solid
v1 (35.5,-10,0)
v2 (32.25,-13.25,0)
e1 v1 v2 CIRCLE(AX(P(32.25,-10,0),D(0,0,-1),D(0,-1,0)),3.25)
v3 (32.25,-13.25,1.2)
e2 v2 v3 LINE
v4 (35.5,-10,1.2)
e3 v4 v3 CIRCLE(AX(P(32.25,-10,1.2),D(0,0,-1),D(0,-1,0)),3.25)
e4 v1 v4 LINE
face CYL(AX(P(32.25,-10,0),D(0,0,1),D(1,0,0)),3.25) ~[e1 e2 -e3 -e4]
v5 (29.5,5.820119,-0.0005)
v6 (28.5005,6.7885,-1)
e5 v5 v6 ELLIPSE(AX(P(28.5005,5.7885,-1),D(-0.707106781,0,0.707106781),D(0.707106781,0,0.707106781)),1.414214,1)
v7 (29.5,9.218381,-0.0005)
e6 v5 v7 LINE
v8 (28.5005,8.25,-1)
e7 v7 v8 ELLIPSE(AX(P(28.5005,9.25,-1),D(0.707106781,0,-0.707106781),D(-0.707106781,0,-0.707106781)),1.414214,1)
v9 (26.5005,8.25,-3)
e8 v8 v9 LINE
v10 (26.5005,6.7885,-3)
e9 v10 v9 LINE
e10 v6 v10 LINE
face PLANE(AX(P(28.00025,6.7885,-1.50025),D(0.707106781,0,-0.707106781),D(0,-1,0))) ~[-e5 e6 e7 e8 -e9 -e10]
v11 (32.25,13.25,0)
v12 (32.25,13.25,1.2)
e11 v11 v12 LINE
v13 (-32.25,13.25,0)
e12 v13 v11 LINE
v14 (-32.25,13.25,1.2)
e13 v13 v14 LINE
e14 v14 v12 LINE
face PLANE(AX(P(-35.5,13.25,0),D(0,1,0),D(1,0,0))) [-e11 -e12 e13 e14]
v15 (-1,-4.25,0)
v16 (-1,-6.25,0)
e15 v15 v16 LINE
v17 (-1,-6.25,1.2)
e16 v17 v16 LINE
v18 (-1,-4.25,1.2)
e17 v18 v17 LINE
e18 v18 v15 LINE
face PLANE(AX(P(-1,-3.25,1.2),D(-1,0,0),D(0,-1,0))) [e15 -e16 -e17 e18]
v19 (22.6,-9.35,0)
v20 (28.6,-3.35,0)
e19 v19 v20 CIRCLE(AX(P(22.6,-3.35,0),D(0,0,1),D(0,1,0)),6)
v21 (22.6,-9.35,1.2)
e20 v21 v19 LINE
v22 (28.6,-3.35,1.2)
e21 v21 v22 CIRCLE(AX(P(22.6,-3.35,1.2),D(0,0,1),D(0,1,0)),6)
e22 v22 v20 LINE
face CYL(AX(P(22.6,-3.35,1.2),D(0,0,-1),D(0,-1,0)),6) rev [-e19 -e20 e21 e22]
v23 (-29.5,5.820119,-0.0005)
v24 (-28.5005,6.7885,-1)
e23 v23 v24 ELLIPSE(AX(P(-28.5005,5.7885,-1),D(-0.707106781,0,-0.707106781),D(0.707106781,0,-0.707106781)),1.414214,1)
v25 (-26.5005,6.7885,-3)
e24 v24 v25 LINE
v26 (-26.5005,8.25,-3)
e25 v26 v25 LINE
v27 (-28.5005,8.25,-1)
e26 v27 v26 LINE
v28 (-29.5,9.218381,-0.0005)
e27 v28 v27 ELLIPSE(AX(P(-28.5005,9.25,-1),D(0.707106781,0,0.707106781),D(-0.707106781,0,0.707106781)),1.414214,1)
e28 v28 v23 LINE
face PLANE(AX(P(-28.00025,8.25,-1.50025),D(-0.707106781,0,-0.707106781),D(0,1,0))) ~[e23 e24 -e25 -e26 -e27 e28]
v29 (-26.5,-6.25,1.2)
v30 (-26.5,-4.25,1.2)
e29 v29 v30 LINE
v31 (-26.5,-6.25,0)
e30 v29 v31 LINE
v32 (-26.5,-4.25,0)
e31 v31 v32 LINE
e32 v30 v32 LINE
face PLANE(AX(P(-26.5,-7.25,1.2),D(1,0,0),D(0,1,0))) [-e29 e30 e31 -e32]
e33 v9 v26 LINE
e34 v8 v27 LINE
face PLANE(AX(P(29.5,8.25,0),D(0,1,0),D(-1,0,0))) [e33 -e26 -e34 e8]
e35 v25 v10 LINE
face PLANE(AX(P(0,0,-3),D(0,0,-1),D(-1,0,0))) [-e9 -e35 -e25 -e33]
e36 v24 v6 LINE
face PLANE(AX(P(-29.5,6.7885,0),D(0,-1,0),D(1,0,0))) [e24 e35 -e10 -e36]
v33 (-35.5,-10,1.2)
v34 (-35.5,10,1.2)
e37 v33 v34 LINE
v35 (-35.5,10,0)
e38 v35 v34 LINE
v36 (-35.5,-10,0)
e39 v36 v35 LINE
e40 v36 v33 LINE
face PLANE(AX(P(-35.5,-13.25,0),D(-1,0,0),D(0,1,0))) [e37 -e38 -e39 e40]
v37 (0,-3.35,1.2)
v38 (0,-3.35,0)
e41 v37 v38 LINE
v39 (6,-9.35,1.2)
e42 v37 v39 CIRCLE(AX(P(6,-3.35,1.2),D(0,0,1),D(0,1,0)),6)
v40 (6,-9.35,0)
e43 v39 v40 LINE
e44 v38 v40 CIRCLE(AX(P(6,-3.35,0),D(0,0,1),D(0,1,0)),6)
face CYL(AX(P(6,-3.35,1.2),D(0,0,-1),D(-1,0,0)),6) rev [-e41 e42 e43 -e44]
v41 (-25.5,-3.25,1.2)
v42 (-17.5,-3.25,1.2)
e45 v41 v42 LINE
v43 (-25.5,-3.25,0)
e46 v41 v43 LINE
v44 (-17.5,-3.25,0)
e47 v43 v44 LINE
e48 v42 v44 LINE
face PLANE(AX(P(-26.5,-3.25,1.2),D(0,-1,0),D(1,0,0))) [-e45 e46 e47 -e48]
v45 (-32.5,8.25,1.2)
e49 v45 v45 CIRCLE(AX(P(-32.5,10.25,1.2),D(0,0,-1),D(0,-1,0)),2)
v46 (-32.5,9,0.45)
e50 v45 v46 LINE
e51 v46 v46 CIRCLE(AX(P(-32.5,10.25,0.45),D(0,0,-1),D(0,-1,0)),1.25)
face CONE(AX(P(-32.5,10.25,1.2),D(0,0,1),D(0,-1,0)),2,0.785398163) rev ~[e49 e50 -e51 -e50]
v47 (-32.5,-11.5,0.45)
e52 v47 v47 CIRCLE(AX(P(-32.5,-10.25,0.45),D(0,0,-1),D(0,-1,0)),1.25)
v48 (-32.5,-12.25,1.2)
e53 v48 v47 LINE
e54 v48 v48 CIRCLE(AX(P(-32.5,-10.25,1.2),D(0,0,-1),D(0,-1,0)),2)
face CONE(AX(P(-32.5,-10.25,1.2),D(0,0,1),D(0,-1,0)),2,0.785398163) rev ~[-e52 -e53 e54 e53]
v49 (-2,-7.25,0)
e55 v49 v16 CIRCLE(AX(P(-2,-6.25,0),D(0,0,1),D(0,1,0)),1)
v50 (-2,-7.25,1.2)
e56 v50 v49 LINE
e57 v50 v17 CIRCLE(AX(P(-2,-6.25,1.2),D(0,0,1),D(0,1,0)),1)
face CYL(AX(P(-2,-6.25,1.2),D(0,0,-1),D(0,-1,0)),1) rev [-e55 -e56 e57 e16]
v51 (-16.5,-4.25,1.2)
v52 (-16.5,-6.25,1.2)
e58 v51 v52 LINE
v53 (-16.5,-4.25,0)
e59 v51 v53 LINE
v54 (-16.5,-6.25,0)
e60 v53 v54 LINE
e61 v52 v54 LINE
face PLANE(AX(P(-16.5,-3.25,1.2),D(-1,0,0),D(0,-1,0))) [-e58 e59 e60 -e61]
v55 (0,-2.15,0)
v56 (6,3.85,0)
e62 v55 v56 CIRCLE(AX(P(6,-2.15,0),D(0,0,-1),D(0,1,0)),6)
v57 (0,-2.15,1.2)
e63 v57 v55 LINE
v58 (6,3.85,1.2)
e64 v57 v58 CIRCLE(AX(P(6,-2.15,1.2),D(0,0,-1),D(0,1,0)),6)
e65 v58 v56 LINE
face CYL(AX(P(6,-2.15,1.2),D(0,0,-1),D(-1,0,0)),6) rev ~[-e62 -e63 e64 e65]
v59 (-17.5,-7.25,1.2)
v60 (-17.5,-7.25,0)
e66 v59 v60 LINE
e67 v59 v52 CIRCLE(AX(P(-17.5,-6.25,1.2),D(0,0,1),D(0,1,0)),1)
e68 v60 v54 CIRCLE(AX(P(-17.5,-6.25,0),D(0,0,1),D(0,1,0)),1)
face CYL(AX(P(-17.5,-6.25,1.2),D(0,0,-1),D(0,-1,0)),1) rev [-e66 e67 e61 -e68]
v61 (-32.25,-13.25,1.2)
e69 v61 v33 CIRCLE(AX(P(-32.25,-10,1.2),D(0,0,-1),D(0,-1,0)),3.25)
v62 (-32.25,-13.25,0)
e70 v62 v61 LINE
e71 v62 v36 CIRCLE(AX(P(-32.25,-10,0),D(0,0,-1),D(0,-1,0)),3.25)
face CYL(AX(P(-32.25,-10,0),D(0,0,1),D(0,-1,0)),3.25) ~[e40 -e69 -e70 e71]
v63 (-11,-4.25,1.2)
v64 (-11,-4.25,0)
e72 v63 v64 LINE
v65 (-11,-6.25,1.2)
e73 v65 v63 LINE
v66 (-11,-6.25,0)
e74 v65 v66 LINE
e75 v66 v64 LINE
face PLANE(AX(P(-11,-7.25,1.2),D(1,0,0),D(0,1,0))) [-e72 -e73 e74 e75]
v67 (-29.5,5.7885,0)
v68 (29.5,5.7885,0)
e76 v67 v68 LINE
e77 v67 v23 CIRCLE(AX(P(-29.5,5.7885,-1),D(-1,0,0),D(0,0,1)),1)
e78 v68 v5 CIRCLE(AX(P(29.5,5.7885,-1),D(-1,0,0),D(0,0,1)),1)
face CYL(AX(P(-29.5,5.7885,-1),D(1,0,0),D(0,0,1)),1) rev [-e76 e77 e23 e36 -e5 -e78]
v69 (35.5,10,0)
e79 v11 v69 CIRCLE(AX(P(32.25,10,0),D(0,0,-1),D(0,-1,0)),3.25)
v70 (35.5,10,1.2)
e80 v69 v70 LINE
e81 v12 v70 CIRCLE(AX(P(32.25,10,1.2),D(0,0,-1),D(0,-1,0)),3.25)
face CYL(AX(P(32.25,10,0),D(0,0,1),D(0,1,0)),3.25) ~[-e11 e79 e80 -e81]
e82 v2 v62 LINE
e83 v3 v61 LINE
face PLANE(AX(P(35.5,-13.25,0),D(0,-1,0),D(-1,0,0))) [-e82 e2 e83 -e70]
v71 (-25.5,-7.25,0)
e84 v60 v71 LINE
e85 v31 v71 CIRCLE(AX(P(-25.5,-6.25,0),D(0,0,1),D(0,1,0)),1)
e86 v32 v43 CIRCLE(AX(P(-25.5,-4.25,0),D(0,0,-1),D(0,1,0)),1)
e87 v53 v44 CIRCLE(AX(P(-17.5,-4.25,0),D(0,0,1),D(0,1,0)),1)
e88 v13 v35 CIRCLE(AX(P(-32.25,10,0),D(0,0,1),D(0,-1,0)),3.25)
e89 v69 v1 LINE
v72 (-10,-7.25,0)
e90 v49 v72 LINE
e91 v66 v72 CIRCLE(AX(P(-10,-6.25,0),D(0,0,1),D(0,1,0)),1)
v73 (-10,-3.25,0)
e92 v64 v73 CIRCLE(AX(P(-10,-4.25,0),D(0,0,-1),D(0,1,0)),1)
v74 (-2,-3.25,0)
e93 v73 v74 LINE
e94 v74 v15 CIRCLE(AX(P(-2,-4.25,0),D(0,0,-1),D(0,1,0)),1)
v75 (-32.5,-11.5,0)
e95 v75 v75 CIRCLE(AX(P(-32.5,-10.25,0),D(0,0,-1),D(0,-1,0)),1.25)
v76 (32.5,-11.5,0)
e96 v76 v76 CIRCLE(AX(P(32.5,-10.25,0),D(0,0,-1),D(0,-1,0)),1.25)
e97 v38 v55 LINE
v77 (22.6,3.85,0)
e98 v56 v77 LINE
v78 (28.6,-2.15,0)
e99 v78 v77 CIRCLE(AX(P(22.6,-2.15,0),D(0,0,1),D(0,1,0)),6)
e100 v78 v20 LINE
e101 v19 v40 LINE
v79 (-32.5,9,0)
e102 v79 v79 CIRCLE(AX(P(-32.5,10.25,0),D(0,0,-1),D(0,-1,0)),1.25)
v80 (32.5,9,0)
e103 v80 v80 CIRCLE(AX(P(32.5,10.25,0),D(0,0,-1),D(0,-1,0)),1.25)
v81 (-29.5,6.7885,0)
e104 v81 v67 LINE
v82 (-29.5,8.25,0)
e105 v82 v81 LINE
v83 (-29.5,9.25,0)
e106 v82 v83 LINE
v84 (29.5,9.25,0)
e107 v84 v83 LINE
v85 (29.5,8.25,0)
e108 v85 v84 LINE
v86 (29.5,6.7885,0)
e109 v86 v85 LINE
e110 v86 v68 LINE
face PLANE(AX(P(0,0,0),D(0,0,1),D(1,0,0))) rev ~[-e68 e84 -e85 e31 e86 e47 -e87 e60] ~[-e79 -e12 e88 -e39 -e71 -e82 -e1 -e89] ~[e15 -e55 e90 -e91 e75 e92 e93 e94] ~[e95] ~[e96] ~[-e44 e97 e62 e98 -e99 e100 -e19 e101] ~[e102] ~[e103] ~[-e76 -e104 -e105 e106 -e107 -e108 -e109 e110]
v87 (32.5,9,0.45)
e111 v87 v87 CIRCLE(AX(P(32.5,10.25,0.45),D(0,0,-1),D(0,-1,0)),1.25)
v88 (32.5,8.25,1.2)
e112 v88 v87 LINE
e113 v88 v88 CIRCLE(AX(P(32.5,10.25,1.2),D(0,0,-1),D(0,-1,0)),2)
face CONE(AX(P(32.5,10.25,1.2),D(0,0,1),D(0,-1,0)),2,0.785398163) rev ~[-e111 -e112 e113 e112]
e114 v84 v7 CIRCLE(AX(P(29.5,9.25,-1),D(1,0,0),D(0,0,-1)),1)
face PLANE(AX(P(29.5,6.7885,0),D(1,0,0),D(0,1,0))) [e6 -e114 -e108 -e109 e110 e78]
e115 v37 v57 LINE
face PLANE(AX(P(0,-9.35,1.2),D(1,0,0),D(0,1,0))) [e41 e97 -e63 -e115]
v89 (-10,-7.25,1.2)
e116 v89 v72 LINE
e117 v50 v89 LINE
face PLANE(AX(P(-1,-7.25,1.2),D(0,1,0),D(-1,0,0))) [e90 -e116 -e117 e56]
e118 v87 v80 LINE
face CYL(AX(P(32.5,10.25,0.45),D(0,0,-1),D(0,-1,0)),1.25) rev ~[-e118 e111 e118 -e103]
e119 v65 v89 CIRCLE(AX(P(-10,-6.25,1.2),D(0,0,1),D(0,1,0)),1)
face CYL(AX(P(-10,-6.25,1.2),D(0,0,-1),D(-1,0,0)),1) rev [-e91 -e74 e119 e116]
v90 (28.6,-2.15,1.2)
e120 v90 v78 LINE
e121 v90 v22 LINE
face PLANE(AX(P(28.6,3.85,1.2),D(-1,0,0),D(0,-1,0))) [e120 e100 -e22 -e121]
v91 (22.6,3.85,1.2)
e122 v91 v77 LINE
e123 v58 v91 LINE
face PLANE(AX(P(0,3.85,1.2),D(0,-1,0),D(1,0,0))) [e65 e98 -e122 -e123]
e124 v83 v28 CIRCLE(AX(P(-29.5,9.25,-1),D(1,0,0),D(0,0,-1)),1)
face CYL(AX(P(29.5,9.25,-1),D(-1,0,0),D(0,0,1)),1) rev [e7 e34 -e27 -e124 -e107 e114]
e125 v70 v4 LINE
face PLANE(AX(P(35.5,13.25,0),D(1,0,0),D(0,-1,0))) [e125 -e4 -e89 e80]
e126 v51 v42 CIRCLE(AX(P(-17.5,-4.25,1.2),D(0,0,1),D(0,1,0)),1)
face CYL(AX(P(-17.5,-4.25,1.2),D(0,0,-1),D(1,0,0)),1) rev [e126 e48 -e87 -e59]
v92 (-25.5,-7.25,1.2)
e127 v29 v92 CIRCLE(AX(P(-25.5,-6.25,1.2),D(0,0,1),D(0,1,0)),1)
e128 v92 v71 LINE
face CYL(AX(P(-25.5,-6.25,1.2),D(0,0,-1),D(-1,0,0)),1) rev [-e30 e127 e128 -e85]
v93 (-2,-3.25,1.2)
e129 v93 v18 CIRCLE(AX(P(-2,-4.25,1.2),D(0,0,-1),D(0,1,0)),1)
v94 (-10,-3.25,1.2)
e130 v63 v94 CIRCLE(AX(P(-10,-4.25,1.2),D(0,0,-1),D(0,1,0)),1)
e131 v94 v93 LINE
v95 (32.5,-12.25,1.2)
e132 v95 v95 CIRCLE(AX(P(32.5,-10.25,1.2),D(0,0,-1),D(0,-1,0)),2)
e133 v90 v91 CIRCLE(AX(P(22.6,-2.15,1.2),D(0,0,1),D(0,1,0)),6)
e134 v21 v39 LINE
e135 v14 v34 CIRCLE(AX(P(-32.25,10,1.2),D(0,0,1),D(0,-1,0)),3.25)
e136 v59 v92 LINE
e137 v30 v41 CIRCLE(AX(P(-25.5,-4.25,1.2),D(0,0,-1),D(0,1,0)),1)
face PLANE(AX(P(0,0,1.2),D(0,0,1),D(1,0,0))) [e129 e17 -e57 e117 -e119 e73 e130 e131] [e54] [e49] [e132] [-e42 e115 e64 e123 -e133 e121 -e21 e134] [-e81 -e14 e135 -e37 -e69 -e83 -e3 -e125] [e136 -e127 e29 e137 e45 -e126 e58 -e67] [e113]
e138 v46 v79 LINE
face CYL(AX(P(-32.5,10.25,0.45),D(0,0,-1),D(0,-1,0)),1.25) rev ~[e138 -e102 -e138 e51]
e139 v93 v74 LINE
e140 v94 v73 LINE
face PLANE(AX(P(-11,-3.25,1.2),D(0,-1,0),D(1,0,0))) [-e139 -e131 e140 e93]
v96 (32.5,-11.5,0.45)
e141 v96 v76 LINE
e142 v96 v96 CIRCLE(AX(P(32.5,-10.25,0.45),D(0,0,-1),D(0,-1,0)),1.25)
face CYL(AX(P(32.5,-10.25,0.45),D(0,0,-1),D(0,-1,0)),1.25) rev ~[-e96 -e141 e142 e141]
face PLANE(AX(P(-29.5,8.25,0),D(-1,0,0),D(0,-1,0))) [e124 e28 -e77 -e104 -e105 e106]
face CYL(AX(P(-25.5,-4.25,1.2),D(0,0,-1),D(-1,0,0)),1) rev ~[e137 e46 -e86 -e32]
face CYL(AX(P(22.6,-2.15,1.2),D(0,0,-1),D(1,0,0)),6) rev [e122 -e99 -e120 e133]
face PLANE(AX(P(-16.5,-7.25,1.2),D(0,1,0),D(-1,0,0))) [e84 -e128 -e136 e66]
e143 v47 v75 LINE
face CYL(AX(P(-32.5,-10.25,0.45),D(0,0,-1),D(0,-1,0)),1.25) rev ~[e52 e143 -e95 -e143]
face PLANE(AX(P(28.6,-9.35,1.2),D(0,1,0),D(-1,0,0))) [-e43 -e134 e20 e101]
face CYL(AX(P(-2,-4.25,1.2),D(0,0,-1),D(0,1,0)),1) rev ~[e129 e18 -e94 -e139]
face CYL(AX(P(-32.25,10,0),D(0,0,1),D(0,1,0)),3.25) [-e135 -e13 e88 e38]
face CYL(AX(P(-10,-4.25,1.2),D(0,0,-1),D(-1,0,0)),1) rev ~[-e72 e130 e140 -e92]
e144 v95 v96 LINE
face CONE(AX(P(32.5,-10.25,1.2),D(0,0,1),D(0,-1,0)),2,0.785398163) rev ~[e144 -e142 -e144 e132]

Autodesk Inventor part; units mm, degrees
ref_plane "YZ Plane" through (0, 0, 0) normal (1, 0, 0) x (0, 1, 0)
ref_plane "XZ Plane" through (0, 0, 0) normal (0, 1, 0) x (-1, 0, 0)
ref_plane "XY Plane" through (0, 0, 0) normal (0, 0, 1) x (1, 0, 0)
sketch "Sketch1" plane through (0, 0, 0) normal (0, 0, 1) x (1, 0, 0)
  line L0 (-35.5, 13.25) -> (35.5, 13.25)
  line L1 (35.5, 13.25) -> (35.5, -13.25)
  line L2 (35.5, -13.25) -> (-35.5, -13.25)
  line L3 (-35.5, -13.25) -> (-35.5, 13.25)
  point P0 (0, 0)
  dimension "d0" = 26.5
  dimension "d1" = 71
  dimension "d2" = 35.5
  dimension "d3" = 13.25
extrude "Extrusion1" add sketch "Sketch1" along normal blind 1.2
fillet "Fillet1" radius 3.25 4 edges at (-35.5, 13.25, 0.6) (-35.5, -13.25, 0.6) (35.5, -13.25, 0.6) (35.5, 13.25, 0.6)
sketch "Sketch2" plane through (0, 0, 1.2) normal (0, 0, 1) x (1, 0, 0)
  line L0 (32.25, 13.25) -> (-32.25, 13.25) projected
  line L1 (-35.5, 10) -> (-35.5, -10) projected
  line L2 (-32.25, -13.25) -> (32.25, -13.25) projected
  line L3 (35.5, -10) -> (35.5, 10) projected
  point P0 (0, 0)
  point P1 (-32.5, 10.25)
  point P2 (32.5, 10.25)
  point P3 (32.5, -10.25)
  point P4 (-32.5, -10.25)
  dimension "d7" = 3
  dimension "d8" = 3
  dimension "d9" = 3
  dimension "d10" = 3
  dimension "d11" = 3
  dimension "d12" = 3
  dimension "d13" = 3
  dimension "d14" = 3
hole "Hole1" at (-32.5, 10.25, 1.2) at (32.5, 10.25, 1.2) at (32.5, -10.25, 1.2) at (-32.5, -10.25, 1.2) direction (0, 0, -1) diameter 2.5 depth 4 tip angle 118 countersink diameter 4 countersink angle 90
sketch "Sketch4" plane through (0, 0, 1.2) normal (0, 0, 1) x (1, 0, 0)
  line L0 (-11, -3.25) -> (-1, -3.25)
  line L1 (-1, -3.25) -> (-1, -7.25)
  line L2 (-1, -7.25) -> (-11, -7.25)
  line L3 (-11, -7.25) -> (-11, -3.25)
  line L4 (-35.5, 10) -> (-35.5, -10) projected
  line L5 (-32.25, -13.25) -> (32.25, -13.25) projected
  point P0 (0, 0)
  dimension "d28" = 24.5
  dimension "d29" = 34.5
  dimension "d30" = 6
  dimension "d31" = 10
extrude "Extrusion3" cut sketch "Sketch4" against normal blind 2
sketch "Sketch5" plane through (0, 0, 1.2) normal (0, 0, 1) x (1, 0, 0)
  line L0 (6.5, 1.75) -> (24.5, 1.75)
  line L1 (24.5, 1.75) -> (24.5, -5.25)
  line L2 (24.5, -5.25) -> (6.5, -5.25)
  line L3 (6.5, -5.25) -> (6.5, 1.75)
  line L4 (35.5, -10) -> (35.5, 10) projected
  line L5 (-32.25, -13.25) -> (32.25, -13.25) projected
  point P0 (0, 0)
  dimension "d34" = 11
  dimension "d35" = 29
  dimension "d36" = 15
  dimension "d37" = 8
extrude "Extrusion4" cut sketch "Sketch5" against normal blind 2
chamfer "Chamfer1" distance 2 angle 45 2 edges at (6.5, -5.25, 0.6) (24.5, -5.25, 0.6)
fillet "Fillet2" radius 1 4 edges at (-11, -3.25, 0.6) (-11, -7.25, 0.6) (-1, -7.25, 0.6) (-1, -3.25, 0.6)
sketch "Sketch7" plane through (0, 0, 1.2) normal (0, 0, 1) x (1, 0, 0)
  line L0 (0, 3.85) -> (28.6, 3.85)
  line L1 (28.6, 3.85) -> (28.6, -9.35)
  line L2 (28.6, -9.35) -> (0, -9.35)
  line L3 (0, -9.35) -> (0, 3.85)
  line L4 (-32.25, -13.25) -> (32.25, -13.25) projected
  line L5 (35.5, -10) -> (35.5, 10) projected
  point P0 (0, 0)
  dimension "d56" = 3.9
  dimension "d57" = 6.9
  dimension "d58" = 17.1
  dimension "d59" = 35.5
extrude "Extrusion6" cut sketch "Sketch7" against normal blind 2
fillet "Fillet3" radius 6 4 edges at (0, 3.85, 0.6) (0, -9.35, 0.6) (28.6, 3.85, 0.6) (28.6, -9.35, 0.6)
sketch "Sketch8" plane through (0, 0, 1.2) normal (0, 0, 1) x (1, 0, 0)
  line L0 (-26.5, -3.25) -> (-16.5, -3.25)
  line L1 (-16.5, -3.25) -> (-16.5, -7.25)
  line L2 (-16.5, -7.25) -> (-26.5, -7.25)
  line L3 (-26.5, -7.25) -> (-26.5, -3.25)
  line L4 (-35.5, 10) -> (-35.5, -10) projected
  line L5 (-10, -3.25) -> (-2, -3.25) projected
  line L6 (-2, -7.25) -> (-10, -7.25) projected
  point P0 (0, 0)
  dimension "d63" = 9
  dimension "d64" = 19
extrude "Extrusion7" cut sketch "Sketch8" against normal blind 2
fillet "Fillet4" radius 1 4 edges at (-26.5, -3.25, 0.6) (-26.5, -7.25, 0.6) (-16.5, -7.25, 0.6) (-16.5, -3.25, 0.6)
sketch "Sketch9" plane through (0, 0, 1.2) normal (0, 0, 1) x (1, 0, 0)
  line L0 (-1, -4.25) -> (-1, -6.25) projected
  line L1 (-11, -6.25) -> (-11, -4.25) projected
  line L2 (-26.5, -6.25) -> (-26.5, -4.25) projected
  line L3 (-16.5, -4.25) -> (-16.5, -6.25) projected
  line L4 (-35.5, 10) -> (-35.5, -10) projected
  point P0 (0, 0)
  dimension "d68" = 10
  dimension "d69" = 10
  dimension "d70" = 24.5
  dimension "d71" = 34.5
sketch "Sketch10" plane through (0, 0, 0) normal (0, 0, -1) x (-1, 0, 0)
  line L0 (-29.5, 8.25) -> (29.5, 8.25)
  line L1 (29.5, 8.25) -> (29.5, 6.7885)
  line L2 (29.5, 6.7885) -> (-29.5, 6.7885)
  line L3 (-29.5, 6.7885) -> (-29.5, 8.25)
  line L4 (-35.5, -10) -> (-35.5, 10) projected
  line L5 (35.5, 10) -> (35.5, -10) projected
  line L6 (-32.25, 13.25) -> (32.25, 13.25) projected
  point P0 (0, 0)
  dimension "d72" = 1.4615
  dimension "d73" = 6
  dimension "d74" = 6
  dimension "d75" = 5
extrude "Extrusion8" add sketch "Sketch10" along normal blind 3
fillet "Fillet5" radius 1 2 edges at (0, 6.7885, 0) (0, 8.25, 0)
chamfer "Chamfer4" distance 3 angle 45 2 edges at (29.5, 7.5192, -3) (-29.5, 7.5192, -3)
properties part number "cover-slave"
